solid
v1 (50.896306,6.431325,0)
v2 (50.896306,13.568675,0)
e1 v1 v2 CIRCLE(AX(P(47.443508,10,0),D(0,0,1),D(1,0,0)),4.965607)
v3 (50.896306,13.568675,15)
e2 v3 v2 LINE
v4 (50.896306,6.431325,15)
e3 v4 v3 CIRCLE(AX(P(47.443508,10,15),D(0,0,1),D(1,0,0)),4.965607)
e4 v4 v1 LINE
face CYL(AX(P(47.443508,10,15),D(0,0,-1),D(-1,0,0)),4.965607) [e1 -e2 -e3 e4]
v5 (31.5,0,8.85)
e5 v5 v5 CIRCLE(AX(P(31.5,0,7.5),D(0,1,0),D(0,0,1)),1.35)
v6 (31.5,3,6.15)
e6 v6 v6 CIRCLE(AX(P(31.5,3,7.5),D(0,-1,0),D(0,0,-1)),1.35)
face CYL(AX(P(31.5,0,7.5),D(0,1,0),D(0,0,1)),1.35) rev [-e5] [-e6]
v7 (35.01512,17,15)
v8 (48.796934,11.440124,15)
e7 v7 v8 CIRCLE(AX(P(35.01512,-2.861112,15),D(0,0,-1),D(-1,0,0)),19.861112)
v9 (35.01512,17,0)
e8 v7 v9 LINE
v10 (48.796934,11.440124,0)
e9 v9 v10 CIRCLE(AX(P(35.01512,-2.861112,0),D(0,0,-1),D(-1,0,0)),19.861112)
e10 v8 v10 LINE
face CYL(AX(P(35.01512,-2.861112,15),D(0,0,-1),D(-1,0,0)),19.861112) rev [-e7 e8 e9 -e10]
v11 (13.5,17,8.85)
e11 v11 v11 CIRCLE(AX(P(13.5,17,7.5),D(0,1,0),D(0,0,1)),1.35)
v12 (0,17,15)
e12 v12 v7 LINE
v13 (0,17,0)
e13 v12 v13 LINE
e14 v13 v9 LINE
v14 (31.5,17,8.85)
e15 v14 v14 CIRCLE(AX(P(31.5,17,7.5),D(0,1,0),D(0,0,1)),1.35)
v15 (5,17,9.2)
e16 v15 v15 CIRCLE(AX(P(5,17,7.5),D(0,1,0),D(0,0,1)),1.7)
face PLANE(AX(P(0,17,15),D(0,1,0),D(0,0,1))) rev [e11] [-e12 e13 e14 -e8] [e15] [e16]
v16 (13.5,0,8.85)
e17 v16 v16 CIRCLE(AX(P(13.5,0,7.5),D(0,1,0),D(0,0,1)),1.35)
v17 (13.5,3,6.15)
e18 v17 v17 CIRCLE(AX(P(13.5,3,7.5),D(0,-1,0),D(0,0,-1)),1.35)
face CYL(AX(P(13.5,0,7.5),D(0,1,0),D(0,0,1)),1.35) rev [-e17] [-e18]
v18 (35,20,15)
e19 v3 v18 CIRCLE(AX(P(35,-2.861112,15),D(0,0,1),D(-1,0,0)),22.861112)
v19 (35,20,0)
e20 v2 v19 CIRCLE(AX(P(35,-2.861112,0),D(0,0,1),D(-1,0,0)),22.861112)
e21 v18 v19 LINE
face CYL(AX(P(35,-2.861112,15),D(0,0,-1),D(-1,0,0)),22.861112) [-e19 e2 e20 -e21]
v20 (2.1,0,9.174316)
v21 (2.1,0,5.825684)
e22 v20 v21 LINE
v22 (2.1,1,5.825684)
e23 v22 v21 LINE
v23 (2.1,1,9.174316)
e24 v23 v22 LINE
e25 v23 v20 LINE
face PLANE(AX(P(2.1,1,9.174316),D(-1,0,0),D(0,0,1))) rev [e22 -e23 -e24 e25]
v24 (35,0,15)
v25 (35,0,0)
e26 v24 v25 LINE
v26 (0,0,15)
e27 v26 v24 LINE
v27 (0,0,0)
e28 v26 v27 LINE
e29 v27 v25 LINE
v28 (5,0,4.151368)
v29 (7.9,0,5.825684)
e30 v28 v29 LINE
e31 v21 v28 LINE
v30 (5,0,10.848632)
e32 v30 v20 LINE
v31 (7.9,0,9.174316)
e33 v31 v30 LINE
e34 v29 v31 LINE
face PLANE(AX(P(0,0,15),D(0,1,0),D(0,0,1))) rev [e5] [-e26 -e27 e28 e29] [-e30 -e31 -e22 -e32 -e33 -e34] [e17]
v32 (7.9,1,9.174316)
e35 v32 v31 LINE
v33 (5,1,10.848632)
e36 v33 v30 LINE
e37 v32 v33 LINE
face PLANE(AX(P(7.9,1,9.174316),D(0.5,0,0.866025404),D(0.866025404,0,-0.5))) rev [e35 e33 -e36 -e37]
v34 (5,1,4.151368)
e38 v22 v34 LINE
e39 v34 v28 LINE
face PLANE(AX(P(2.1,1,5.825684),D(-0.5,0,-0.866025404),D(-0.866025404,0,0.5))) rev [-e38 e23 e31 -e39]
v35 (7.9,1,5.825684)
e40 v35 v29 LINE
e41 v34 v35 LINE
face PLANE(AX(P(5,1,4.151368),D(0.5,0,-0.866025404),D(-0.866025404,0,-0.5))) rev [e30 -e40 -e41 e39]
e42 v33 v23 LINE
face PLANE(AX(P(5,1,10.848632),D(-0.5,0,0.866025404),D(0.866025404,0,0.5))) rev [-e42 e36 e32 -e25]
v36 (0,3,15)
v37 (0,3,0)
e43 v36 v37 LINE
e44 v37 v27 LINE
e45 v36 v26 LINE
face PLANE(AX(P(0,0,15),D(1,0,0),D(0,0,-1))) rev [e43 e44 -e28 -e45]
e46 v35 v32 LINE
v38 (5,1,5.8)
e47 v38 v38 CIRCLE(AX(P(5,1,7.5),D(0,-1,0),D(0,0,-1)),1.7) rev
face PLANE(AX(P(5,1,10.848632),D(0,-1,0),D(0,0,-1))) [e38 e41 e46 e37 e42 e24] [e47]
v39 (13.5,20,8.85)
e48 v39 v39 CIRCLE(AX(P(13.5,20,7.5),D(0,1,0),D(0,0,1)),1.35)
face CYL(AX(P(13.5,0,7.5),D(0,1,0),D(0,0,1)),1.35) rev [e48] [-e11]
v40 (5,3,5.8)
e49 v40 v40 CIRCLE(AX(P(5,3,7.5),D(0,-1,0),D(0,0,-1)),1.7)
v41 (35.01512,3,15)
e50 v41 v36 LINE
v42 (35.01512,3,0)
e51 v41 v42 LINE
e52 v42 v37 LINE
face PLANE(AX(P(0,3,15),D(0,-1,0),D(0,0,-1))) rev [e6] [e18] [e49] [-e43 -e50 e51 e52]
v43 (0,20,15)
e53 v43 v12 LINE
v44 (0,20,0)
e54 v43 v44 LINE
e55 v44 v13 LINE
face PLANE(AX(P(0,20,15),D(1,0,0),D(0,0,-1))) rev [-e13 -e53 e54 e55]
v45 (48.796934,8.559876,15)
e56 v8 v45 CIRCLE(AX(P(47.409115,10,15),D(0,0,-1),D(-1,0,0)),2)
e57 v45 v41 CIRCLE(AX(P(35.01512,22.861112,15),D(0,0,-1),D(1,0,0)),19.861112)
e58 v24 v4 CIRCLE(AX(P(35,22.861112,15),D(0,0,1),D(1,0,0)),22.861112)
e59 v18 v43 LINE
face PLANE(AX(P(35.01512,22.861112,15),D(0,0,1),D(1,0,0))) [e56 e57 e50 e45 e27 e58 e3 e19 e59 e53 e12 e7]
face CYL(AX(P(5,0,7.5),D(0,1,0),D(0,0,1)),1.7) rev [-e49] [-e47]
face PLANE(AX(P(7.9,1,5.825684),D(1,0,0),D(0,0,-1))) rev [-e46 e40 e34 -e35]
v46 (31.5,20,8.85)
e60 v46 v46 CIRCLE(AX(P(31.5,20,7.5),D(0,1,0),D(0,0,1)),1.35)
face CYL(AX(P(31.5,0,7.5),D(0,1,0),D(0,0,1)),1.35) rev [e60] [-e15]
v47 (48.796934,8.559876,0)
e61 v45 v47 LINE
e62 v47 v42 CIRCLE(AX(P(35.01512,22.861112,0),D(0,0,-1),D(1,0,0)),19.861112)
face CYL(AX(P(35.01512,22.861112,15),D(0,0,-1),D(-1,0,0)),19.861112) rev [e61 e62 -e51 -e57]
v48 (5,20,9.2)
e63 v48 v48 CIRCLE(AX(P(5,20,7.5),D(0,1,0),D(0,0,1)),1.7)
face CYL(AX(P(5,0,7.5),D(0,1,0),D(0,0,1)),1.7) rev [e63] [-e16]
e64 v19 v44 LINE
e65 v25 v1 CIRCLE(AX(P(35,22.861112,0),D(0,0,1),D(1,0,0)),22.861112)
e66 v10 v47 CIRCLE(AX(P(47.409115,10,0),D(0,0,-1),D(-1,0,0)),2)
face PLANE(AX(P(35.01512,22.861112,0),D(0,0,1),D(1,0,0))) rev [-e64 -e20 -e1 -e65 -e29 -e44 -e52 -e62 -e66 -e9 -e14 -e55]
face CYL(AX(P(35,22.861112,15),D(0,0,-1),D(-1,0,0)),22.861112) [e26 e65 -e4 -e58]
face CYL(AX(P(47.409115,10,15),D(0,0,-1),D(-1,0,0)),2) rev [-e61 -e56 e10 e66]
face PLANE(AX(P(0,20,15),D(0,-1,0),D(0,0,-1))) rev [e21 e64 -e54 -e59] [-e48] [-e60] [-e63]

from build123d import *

# Parameters (mm, degrees)
BOSS_EXTRUDE1_DEPTH = 15
SKETCH2_R           = 1.7
SKETCH2_R_2         = 1.35
CUT_EXTRUDE1_DEPTH  = 59.066473529
CUT_EXTRUDE2_DEPTH  = 1


with BuildPart() as part:
    # Sketch1 → Boss-Extrude1 (new body)
    with BuildSketch(Plane.XY):
        with BuildLine():
            Line((0, 0), (35, 0))
            ThreePointArc((35, 0), (43.574008742, 1.66873563), (50.896306384, 6.431325448))
            ThreePointArc((50.896306384, 6.431325448), (52.409115124, 10), (50.896306384, 13.568674552))
            ThreePointArc((50.896306384, 13.568674552), (43.574008742, 18.33126437), (35, 20))
            Line((35, 20), (0, 20))
            Line((0, 20), (0, 17))
            Line((0, 17), (35.015119776, 17))
            ThreePointArc((35.015119776, 17), (42.445641677, 15.557658707), (48.796934125, 11.440124447))
            ThreePointArc((48.796934125, 11.440124447), (49.409115124, 10), (48.796934125, 8.559875553))
            ThreePointArc((48.796934125, 8.559875553), (42.445641677, 4.442341293), (35.015119776, 3))
            Line((35.015119776, 3), (0, 3))
            Line((0, 3), (0, 0))
        make_face()
    extrude(amount=BOSS_EXTRUDE1_DEPTH)

    # Sketch2 → Cut-Extrude1 (cut, through all)
    with BuildSketch(Plane(origin=(0, 20, 0), x_dir=(1, 0, 0), z_dir=(0, 1, 0))):
        with Locations(Location((5, -7.5, 0), (0, 0, 270))):
            Circle(SKETCH2_R)
        with Locations(Location((13.5, -7.5, 0), (0, 0, 270))):
            Circle(SKETCH2_R_2)
        with Locations(Location((31.5, -7.5, 0), (0, 0, 270))):
            Circle(SKETCH2_R_2)
    extrude(amount=-CUT_EXTRUDE1_DEPTH, mode=Mode.SUBTRACT)

    # Sketch3 → Cut-Extrude2 (cut)
    with BuildSketch(Plane.XZ):
        Polygon((5, 10.848631561), (2.1, 9.174315781), (2.1, 5.825684219), (5, 4.151368439), (7.9, 5.825684219), (7.9, 9.174315781), align=None)
    extrude(amount=-CUT_EXTRUDE2_DEPTH, mode=Mode.SUBTRACT)


solid = part.part
